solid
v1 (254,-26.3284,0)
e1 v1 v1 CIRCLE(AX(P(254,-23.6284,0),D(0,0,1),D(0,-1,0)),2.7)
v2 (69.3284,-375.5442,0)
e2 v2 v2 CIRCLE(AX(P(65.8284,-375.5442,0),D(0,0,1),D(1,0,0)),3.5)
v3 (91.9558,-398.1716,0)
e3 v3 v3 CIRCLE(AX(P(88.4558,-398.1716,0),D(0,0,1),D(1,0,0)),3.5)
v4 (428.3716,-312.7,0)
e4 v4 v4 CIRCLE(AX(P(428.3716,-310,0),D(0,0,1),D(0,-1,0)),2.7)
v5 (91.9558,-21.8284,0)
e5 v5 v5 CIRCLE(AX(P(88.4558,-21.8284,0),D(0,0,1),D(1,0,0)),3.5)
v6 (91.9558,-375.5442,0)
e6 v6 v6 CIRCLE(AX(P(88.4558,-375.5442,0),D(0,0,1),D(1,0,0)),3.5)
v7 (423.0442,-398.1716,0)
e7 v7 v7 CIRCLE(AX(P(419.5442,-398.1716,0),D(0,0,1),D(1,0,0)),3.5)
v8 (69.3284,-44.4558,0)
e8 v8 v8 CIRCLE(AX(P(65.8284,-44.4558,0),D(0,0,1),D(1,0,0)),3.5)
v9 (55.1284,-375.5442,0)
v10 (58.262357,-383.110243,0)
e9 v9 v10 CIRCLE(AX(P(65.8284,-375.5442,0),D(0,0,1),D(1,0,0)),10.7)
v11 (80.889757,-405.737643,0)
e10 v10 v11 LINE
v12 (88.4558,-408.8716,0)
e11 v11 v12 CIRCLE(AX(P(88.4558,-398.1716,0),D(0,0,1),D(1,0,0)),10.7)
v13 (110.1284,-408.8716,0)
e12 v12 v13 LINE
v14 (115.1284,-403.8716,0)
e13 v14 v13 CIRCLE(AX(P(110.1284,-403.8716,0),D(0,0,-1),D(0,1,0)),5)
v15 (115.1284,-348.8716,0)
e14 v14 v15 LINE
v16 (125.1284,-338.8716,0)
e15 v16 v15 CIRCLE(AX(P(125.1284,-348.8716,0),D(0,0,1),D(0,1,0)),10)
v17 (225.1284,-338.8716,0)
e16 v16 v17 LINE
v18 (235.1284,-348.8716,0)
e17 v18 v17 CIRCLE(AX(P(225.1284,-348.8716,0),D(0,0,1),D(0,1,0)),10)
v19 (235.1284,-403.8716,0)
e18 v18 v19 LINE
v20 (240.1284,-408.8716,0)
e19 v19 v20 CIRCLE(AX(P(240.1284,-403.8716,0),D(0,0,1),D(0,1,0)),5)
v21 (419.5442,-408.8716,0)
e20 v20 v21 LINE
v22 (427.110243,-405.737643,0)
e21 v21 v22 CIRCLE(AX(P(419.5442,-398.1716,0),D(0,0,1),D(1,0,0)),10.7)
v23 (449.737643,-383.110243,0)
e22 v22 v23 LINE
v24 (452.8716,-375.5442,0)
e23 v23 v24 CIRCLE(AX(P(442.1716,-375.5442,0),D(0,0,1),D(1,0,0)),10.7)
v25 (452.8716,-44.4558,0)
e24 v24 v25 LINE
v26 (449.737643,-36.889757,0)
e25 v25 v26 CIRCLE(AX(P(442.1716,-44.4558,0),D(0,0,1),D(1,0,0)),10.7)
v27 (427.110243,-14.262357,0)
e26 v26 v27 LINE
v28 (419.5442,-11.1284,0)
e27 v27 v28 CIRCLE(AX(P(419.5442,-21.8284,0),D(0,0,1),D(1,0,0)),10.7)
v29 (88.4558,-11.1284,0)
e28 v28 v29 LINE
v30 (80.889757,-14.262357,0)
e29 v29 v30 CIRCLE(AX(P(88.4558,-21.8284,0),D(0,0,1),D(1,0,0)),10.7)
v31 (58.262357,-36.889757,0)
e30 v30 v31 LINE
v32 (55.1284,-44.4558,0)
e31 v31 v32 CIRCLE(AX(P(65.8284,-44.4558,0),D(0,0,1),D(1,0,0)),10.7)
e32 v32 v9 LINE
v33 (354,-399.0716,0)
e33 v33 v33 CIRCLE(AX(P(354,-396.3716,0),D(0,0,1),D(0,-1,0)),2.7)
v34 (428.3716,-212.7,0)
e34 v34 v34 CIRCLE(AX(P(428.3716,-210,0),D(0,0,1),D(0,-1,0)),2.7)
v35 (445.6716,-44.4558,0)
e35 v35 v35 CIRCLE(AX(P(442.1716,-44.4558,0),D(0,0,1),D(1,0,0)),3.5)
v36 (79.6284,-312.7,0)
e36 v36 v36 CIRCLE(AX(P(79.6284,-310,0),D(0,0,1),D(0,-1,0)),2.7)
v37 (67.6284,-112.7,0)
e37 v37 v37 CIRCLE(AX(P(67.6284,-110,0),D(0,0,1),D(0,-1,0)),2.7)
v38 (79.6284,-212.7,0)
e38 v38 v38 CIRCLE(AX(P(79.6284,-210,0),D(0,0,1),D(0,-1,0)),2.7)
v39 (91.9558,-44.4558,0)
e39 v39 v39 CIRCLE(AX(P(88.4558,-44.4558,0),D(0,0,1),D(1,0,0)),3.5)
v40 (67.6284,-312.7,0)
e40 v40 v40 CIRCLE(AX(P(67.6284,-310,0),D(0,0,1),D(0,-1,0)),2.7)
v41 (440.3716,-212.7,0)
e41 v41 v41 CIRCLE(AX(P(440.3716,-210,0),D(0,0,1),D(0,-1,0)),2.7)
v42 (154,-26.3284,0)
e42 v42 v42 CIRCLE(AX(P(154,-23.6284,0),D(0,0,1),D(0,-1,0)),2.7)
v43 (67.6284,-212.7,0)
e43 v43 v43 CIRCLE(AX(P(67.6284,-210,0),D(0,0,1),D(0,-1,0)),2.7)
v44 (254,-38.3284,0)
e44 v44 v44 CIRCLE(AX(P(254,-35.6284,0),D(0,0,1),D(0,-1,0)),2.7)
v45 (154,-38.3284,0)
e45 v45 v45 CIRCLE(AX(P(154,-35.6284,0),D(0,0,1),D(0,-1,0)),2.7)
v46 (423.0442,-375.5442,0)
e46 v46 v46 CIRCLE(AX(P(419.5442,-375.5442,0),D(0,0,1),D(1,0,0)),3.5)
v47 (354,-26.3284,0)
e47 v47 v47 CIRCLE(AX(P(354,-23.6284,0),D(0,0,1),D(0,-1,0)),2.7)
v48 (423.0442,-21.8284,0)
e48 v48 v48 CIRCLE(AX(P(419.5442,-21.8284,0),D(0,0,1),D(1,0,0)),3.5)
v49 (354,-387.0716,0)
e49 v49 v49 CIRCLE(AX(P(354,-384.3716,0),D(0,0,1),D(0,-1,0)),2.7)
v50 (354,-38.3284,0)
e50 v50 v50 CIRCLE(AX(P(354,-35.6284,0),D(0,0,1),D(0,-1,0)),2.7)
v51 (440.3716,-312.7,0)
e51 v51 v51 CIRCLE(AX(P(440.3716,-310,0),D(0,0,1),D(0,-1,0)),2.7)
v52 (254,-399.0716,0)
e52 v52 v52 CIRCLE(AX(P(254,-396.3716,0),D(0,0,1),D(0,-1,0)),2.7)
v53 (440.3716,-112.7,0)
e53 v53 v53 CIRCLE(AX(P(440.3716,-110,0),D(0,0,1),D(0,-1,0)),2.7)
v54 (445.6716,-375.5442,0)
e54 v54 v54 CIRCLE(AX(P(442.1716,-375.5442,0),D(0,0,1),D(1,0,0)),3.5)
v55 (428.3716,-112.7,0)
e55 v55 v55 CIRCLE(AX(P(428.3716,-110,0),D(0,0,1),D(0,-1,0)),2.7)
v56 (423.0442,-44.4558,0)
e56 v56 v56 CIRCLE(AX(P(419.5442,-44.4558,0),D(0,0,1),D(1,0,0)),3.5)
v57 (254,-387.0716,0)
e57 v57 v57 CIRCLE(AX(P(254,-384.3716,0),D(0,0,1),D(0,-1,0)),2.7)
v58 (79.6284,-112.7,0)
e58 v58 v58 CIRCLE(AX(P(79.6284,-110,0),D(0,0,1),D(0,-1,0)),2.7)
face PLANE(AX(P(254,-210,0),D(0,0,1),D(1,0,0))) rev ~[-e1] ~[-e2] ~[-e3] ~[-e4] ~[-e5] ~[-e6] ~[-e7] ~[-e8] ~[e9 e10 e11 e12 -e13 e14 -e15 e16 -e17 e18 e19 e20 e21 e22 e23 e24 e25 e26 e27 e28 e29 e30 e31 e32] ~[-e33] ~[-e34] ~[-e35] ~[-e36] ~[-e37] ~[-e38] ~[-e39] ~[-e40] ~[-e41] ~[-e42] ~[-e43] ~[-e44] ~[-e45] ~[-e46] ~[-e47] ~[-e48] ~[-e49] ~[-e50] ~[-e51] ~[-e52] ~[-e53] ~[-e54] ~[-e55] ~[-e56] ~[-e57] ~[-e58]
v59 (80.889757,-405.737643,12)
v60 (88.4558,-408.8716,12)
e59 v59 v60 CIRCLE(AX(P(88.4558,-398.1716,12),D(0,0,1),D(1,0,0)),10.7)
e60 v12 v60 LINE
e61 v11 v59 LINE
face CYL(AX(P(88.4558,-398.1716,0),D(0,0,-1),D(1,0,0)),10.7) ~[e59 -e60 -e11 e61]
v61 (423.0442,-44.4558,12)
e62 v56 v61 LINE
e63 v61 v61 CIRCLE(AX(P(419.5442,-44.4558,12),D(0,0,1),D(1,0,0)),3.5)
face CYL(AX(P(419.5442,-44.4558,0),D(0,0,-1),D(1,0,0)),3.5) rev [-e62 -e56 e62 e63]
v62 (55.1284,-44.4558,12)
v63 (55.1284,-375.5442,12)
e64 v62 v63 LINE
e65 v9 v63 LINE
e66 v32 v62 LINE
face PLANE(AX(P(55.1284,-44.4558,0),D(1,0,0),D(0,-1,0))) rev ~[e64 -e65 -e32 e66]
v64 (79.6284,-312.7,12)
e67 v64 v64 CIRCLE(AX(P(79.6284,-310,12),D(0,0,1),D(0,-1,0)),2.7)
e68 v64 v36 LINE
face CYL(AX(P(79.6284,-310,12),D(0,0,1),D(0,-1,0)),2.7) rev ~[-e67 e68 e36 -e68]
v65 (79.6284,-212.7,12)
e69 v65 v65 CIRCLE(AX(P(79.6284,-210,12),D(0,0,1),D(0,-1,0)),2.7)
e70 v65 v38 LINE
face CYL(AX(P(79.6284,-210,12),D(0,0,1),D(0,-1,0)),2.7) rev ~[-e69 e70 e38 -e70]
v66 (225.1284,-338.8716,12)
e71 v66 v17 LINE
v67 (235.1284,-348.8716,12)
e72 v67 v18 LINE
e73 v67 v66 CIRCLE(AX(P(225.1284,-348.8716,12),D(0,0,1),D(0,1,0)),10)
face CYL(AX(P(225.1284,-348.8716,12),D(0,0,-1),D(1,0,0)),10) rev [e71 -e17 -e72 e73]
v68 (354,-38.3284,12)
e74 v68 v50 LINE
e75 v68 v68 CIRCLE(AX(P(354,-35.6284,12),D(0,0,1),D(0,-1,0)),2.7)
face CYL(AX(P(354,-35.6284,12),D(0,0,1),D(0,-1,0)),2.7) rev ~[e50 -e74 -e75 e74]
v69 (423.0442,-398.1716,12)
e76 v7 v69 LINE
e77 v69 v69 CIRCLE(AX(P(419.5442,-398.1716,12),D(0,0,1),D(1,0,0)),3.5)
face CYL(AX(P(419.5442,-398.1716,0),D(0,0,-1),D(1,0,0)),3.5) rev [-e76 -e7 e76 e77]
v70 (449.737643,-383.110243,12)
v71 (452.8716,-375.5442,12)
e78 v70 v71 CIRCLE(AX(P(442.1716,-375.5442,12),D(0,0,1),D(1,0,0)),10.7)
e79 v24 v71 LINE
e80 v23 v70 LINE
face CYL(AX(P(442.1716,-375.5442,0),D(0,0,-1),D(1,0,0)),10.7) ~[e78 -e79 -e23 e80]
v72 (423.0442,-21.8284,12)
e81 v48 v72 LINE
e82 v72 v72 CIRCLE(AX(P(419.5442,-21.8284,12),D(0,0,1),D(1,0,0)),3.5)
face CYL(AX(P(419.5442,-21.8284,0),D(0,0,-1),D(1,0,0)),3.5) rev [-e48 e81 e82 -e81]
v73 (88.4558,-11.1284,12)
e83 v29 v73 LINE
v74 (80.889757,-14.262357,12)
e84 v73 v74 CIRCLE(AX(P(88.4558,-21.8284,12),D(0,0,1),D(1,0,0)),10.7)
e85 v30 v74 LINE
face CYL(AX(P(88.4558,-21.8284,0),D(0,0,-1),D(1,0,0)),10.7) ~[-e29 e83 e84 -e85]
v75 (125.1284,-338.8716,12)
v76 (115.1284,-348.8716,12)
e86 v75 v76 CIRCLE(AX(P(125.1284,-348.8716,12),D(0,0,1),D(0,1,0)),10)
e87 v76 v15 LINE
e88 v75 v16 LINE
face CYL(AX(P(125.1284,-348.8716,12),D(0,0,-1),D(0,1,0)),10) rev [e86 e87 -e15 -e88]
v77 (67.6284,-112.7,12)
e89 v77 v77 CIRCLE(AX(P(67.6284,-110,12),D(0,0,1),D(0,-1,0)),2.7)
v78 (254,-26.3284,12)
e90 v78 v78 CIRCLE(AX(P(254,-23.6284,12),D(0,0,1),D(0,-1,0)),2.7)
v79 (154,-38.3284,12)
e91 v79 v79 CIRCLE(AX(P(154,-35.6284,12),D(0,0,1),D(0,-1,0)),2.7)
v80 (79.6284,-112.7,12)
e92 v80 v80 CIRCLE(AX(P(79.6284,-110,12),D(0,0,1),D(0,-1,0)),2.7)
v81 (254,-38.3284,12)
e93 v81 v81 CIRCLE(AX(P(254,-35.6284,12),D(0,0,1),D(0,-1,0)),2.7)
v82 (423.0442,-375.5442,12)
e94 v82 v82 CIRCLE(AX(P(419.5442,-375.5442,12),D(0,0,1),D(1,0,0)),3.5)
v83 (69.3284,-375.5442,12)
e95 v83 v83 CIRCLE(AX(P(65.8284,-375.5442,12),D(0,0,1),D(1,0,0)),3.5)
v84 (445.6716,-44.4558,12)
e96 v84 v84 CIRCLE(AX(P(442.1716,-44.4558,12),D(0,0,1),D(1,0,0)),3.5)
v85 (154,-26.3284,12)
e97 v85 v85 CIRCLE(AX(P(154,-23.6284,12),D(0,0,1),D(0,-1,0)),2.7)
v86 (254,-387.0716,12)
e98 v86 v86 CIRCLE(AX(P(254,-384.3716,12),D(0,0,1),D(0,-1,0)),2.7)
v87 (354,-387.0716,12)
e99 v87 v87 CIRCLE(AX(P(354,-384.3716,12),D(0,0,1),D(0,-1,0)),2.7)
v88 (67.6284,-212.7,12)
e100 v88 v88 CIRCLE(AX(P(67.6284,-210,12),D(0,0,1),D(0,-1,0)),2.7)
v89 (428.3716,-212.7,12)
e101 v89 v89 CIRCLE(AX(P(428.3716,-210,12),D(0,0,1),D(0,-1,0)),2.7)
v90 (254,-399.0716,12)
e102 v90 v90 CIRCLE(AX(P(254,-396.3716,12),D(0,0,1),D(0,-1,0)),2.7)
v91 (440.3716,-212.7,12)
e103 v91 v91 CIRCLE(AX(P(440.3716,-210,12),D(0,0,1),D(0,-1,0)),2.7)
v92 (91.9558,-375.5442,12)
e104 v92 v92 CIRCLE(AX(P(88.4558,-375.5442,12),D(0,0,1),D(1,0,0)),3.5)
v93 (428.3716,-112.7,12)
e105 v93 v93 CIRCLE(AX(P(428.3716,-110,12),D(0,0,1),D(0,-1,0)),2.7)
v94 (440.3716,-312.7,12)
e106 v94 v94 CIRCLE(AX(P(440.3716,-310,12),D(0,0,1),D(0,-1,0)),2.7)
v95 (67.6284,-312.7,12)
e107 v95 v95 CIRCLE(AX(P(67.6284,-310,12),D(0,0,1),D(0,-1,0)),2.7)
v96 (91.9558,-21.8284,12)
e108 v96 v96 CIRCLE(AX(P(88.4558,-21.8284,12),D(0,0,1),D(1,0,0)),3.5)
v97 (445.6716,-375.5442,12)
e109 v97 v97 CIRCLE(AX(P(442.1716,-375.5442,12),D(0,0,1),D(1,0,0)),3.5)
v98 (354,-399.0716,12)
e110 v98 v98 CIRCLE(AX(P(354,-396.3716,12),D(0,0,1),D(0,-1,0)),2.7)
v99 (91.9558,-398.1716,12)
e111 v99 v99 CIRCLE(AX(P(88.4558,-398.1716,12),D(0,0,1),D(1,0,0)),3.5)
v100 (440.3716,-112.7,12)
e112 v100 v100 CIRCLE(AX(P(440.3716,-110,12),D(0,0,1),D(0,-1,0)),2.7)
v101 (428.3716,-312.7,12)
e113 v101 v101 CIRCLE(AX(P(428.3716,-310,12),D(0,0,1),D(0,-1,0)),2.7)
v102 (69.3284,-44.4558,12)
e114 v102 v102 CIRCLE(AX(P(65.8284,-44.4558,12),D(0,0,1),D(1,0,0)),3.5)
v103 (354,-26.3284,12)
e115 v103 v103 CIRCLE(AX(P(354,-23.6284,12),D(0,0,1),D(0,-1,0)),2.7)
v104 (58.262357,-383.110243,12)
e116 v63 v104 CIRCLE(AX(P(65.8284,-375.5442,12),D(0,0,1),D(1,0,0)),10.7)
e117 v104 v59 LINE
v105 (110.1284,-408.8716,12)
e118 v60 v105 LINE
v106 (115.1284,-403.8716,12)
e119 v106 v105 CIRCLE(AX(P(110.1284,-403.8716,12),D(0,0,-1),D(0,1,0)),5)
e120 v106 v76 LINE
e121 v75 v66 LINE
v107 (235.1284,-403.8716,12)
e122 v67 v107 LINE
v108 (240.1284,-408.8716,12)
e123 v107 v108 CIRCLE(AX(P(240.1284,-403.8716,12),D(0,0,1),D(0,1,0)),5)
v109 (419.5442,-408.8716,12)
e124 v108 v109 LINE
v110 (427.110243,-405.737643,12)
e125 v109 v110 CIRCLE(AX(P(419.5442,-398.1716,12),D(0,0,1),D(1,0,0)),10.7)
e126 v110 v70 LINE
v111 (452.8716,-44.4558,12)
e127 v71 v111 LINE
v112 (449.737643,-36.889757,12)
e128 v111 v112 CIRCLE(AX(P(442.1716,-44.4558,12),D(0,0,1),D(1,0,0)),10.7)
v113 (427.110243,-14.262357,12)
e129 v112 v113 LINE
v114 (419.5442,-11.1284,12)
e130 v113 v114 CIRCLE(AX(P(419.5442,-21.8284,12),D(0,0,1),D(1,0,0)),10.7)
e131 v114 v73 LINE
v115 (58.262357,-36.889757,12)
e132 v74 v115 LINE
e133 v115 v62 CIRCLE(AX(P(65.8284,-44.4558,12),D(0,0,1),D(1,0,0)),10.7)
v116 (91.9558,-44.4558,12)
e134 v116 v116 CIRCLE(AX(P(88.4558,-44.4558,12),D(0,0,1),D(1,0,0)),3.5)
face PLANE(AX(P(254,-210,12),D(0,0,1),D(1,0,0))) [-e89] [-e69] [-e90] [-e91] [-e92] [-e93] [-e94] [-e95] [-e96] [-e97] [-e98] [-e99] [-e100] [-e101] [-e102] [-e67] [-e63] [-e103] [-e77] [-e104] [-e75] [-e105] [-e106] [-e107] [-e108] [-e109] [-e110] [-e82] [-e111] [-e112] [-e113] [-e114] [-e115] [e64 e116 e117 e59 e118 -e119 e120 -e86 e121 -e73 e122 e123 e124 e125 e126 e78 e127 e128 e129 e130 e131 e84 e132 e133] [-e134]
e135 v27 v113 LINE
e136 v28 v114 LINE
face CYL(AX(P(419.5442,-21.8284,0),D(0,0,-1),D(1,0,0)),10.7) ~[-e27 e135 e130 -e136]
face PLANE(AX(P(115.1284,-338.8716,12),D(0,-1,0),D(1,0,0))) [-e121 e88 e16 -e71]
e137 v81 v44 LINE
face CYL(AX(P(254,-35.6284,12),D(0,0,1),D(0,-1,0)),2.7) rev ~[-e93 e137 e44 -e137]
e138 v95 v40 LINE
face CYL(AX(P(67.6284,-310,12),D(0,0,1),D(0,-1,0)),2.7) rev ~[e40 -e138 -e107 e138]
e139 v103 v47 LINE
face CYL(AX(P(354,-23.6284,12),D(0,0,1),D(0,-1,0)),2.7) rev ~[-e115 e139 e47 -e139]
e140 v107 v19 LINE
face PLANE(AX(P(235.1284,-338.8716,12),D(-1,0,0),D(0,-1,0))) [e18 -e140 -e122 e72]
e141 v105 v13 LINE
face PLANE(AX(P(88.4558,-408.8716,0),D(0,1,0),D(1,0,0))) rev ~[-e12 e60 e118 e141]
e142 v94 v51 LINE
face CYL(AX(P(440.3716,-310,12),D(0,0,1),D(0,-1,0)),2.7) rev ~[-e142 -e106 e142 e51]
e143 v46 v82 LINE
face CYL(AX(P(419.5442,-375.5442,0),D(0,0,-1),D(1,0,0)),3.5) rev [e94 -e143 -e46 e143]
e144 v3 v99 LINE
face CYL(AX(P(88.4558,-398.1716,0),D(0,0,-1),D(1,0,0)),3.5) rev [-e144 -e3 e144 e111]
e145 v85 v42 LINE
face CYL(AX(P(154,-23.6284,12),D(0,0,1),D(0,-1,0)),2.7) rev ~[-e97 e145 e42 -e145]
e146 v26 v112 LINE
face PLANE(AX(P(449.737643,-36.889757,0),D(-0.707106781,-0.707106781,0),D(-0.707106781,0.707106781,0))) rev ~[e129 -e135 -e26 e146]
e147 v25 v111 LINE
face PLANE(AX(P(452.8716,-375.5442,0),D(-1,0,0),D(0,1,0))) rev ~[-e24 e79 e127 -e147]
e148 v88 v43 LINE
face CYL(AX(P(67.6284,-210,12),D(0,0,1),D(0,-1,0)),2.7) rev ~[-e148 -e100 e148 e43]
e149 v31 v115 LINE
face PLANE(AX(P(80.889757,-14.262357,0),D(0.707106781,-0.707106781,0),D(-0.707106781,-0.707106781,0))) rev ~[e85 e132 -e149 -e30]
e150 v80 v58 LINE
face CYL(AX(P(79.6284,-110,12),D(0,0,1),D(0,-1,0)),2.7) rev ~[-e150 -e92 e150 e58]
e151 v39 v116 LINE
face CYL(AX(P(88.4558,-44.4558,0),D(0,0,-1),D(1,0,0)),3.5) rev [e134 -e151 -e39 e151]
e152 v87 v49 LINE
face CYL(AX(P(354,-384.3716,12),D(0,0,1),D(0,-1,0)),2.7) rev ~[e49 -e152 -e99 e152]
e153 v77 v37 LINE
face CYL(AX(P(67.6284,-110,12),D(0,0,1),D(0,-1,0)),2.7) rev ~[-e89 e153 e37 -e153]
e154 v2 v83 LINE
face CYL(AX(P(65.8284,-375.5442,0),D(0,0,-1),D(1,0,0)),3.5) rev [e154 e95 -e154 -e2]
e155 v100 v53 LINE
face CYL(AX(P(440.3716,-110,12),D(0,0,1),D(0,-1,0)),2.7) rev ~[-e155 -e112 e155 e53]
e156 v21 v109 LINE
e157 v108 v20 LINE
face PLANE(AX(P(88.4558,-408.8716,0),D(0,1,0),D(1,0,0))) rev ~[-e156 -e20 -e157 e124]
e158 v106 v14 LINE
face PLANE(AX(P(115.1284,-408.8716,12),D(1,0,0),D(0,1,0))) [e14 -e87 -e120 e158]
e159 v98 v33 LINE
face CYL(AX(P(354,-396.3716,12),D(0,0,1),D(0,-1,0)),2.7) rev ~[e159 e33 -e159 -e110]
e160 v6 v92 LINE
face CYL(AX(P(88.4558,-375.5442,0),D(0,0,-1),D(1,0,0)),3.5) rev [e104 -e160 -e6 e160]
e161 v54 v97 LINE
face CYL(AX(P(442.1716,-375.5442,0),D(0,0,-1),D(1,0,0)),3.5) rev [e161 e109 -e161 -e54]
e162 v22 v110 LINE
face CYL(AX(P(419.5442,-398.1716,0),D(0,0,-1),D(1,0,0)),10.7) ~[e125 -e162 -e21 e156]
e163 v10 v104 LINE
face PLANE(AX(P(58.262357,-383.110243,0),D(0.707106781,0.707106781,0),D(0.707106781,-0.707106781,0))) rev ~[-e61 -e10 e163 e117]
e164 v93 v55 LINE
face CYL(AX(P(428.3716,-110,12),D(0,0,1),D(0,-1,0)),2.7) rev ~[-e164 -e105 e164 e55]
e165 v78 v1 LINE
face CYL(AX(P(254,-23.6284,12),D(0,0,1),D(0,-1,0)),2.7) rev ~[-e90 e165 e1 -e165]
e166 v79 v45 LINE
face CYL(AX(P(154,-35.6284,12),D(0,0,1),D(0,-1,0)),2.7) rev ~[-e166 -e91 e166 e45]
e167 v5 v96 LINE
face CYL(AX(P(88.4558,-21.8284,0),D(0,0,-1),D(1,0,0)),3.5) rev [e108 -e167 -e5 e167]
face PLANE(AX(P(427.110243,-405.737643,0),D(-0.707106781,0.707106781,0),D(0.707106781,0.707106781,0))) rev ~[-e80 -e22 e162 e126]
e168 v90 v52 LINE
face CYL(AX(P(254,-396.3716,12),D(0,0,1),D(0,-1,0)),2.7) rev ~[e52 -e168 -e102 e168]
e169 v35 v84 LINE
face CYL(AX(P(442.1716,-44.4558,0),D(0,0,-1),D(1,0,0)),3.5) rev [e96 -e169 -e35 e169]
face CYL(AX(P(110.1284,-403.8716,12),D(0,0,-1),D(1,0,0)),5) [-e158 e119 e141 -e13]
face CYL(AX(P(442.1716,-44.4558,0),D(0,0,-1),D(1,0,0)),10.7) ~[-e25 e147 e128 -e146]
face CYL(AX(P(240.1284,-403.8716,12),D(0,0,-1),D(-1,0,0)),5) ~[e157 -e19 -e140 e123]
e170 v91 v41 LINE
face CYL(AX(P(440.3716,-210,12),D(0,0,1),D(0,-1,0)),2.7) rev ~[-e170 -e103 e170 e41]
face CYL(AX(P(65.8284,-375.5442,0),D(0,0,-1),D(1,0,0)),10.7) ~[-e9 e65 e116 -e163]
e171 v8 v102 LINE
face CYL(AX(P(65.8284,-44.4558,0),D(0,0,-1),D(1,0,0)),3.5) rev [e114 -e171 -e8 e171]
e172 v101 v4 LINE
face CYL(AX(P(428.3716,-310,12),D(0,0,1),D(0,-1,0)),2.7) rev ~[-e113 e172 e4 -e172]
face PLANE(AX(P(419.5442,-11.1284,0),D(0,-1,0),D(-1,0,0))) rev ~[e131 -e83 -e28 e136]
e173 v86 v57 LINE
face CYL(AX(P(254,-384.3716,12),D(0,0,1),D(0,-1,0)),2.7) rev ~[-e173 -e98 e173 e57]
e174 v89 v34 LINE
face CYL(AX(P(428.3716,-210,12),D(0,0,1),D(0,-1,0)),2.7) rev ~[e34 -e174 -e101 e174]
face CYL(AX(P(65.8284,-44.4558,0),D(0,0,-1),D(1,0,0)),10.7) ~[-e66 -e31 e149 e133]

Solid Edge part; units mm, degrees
sketch "Sketch1" plane through (0, 0, 0) normal (0, 0, 1) x (1, 0, 0)
  line L0 (55.1284, -44.4558) -> (55.1284, -375.5442)
  arc A0 (55.1284, -375.5442) -> (58.2624, -383.1102) centre (65.8284, -375.5442) ccw
  line L1 (58.2624, -383.1102) -> (80.8898, -405.7376)
  arc A1 (80.8898, -405.7376) -> (88.4558, -408.8716) centre (88.4558, -398.1716) ccw
  line L2 (88.4558, -408.8716) -> (419.5442, -408.8716)
  arc A2 (419.5442, -408.8716) -> (427.1102, -405.7376) centre (419.5442, -398.1716) ccw
  line L3 (427.1102, -405.7376) -> (449.7376, -383.1102)
  arc A3 (449.7376, -383.1102) -> (452.8716, -375.5442) centre (442.1716, -375.5442) ccw
  line L4 (452.8716, -375.5442) -> (452.8716, -44.4558)
  arc A4 (452.8716, -44.4558) -> (449.7376, -36.8898) centre (442.1716, -44.4558) ccw
  line L5 (449.7376, -36.8898) -> (427.1102, -14.2624)
  arc A5 (427.1102, -14.2624) -> (419.5442, -11.1284) centre (419.5442, -21.8284) ccw
  line L6 (419.5442, -11.1284) -> (88.4558, -11.1284)
  arc A6 (88.4558, -11.1284) -> (80.8898, -14.2624) centre (88.4558, -21.8284) ccw
  line L7 (80.8898, -14.2624) -> (58.2624, -36.8898)
  arc A7 (58.2624, -36.8898) -> (55.1284, -44.4558) centre (65.8284, -44.4558) ccw
  circle A8 centre (65.8284, -44.4558) radius 3.5
  circle A9 centre (88.4558, -44.4558) radius 3.5
  circle A10 centre (88.4558, -21.8284) radius 3.5
  circle A11 centre (419.5442, -21.8284) radius 3.5
  circle A12 centre (419.5442, -44.4558) radius 3.5
  circle A13 centre (442.1716, -44.4558) radius 3.5
  circle A14 centre (419.5442, -398.1716) radius 3.5
  circle A15 centre (442.1716, -375.5442) radius 3.5
  circle A16 centre (88.4558, -398.1716) radius 3.5
  circle A17 centre (88.4558, -375.5442) radius 3.5
  circle A18 centre (65.8284, -375.5442) radius 3.5
  circle A19 centre (419.5442, -375.5442) radius 3.5
  dimension "D1" = 7
  dimension "D2" = 7
  dimension "D3" = 7
  dimension "D4" = 7
  dimension "D5" = 7
  dimension "D6" = 7
  dimension "D7" = 7
  dimension "D8" = 7
  dimension "D9" = 7
  dimension "D10" = 7
  dimension "D11" = 7
  dimension "D12" = 397.7431
  dimension "D13" = 397.7431
extrude "Protrusion1" add sketch "Sketch1" along normal blind 12
sketch "Sketch2" plane through (240, -196, 12) normal (0, 0, 1) x (0, -1, 0)
  circle A0 centre (114, 188.3716) radius 2.7
  circle A1 centre (-86, 200.3716) radius 2.7
  circle A2 centre (-86, 188.3716) radius 2.7
  circle A3 centre (200.3716, 14) radius 2.7
  circle A4 centre (188.3716, 14) radius 2.7
  circle A5 centre (200.3716, -86) radius 2.7
  circle A6 centre (188.3716, -86) radius 2.7
  circle A7 centre (200.3716, 114) radius 2.7
  circle A8 centre (188.3716, 114) radius 2.7
  circle A9 centre (14, -172.3716) radius 2.7
  circle A10 centre (14, -160.3716) radius 2.7
  circle A11 centre (-86, -172.3716) radius 2.7
  circle A12 centre (-86, -160.3716) radius 2.7
  circle A13 centre (114, -172.3716) radius 2.7
  circle A14 centre (114, -160.3716) radius 2.7
  circle A15 centre (-172.3716, 14) radius 2.7
  circle A16 centre (-160.3716, 14) radius 2.7
  circle A17 centre (-172.3716, 114) radius 2.7
  circle A18 centre (-160.3716, 114) radius 2.7
  circle A19 centre (14, 200.3716) radius 2.7
  circle A20 centre (14, 188.3716) radius 2.7
  circle A21 centre (-172.3716, -86) radius 2.7
  circle A22 centre (-160.3716, -86) radius 2.7
  circle A23 centre (114, 200.3716) radius 2.7
  dimension "D1" = 100
extrude "Cutout1" cut sketch "Sketch2" against normal through all
sketch "Sketch3" plane through (254, -210, 12) normal (0, 0, 1) x (1, 0, 0)
  line L0 (-138.8716, -198.8716) -> (-138.8716, -128.8716)
  line L1 (-138.8716, -128.8716) -> (-18.8716, -128.8716)
  line L2 (-18.8716, -128.8716) -> (-18.8716, -198.8716)
extrude "Cutout2" cut sketch "Sketch3" against normal through all material side at (115.1784, -373.8716, 12)
fillet "Round_1" radius 10 2 edges at (115.1284, -338.8716, 6) (235.1284, -338.8716, 6)
fillet "Round_2" radius 5 2 edges at (115.1284, -408.8716, 6) (235.1284, -408.8716, 6)
properties material "Wood, Ash"
